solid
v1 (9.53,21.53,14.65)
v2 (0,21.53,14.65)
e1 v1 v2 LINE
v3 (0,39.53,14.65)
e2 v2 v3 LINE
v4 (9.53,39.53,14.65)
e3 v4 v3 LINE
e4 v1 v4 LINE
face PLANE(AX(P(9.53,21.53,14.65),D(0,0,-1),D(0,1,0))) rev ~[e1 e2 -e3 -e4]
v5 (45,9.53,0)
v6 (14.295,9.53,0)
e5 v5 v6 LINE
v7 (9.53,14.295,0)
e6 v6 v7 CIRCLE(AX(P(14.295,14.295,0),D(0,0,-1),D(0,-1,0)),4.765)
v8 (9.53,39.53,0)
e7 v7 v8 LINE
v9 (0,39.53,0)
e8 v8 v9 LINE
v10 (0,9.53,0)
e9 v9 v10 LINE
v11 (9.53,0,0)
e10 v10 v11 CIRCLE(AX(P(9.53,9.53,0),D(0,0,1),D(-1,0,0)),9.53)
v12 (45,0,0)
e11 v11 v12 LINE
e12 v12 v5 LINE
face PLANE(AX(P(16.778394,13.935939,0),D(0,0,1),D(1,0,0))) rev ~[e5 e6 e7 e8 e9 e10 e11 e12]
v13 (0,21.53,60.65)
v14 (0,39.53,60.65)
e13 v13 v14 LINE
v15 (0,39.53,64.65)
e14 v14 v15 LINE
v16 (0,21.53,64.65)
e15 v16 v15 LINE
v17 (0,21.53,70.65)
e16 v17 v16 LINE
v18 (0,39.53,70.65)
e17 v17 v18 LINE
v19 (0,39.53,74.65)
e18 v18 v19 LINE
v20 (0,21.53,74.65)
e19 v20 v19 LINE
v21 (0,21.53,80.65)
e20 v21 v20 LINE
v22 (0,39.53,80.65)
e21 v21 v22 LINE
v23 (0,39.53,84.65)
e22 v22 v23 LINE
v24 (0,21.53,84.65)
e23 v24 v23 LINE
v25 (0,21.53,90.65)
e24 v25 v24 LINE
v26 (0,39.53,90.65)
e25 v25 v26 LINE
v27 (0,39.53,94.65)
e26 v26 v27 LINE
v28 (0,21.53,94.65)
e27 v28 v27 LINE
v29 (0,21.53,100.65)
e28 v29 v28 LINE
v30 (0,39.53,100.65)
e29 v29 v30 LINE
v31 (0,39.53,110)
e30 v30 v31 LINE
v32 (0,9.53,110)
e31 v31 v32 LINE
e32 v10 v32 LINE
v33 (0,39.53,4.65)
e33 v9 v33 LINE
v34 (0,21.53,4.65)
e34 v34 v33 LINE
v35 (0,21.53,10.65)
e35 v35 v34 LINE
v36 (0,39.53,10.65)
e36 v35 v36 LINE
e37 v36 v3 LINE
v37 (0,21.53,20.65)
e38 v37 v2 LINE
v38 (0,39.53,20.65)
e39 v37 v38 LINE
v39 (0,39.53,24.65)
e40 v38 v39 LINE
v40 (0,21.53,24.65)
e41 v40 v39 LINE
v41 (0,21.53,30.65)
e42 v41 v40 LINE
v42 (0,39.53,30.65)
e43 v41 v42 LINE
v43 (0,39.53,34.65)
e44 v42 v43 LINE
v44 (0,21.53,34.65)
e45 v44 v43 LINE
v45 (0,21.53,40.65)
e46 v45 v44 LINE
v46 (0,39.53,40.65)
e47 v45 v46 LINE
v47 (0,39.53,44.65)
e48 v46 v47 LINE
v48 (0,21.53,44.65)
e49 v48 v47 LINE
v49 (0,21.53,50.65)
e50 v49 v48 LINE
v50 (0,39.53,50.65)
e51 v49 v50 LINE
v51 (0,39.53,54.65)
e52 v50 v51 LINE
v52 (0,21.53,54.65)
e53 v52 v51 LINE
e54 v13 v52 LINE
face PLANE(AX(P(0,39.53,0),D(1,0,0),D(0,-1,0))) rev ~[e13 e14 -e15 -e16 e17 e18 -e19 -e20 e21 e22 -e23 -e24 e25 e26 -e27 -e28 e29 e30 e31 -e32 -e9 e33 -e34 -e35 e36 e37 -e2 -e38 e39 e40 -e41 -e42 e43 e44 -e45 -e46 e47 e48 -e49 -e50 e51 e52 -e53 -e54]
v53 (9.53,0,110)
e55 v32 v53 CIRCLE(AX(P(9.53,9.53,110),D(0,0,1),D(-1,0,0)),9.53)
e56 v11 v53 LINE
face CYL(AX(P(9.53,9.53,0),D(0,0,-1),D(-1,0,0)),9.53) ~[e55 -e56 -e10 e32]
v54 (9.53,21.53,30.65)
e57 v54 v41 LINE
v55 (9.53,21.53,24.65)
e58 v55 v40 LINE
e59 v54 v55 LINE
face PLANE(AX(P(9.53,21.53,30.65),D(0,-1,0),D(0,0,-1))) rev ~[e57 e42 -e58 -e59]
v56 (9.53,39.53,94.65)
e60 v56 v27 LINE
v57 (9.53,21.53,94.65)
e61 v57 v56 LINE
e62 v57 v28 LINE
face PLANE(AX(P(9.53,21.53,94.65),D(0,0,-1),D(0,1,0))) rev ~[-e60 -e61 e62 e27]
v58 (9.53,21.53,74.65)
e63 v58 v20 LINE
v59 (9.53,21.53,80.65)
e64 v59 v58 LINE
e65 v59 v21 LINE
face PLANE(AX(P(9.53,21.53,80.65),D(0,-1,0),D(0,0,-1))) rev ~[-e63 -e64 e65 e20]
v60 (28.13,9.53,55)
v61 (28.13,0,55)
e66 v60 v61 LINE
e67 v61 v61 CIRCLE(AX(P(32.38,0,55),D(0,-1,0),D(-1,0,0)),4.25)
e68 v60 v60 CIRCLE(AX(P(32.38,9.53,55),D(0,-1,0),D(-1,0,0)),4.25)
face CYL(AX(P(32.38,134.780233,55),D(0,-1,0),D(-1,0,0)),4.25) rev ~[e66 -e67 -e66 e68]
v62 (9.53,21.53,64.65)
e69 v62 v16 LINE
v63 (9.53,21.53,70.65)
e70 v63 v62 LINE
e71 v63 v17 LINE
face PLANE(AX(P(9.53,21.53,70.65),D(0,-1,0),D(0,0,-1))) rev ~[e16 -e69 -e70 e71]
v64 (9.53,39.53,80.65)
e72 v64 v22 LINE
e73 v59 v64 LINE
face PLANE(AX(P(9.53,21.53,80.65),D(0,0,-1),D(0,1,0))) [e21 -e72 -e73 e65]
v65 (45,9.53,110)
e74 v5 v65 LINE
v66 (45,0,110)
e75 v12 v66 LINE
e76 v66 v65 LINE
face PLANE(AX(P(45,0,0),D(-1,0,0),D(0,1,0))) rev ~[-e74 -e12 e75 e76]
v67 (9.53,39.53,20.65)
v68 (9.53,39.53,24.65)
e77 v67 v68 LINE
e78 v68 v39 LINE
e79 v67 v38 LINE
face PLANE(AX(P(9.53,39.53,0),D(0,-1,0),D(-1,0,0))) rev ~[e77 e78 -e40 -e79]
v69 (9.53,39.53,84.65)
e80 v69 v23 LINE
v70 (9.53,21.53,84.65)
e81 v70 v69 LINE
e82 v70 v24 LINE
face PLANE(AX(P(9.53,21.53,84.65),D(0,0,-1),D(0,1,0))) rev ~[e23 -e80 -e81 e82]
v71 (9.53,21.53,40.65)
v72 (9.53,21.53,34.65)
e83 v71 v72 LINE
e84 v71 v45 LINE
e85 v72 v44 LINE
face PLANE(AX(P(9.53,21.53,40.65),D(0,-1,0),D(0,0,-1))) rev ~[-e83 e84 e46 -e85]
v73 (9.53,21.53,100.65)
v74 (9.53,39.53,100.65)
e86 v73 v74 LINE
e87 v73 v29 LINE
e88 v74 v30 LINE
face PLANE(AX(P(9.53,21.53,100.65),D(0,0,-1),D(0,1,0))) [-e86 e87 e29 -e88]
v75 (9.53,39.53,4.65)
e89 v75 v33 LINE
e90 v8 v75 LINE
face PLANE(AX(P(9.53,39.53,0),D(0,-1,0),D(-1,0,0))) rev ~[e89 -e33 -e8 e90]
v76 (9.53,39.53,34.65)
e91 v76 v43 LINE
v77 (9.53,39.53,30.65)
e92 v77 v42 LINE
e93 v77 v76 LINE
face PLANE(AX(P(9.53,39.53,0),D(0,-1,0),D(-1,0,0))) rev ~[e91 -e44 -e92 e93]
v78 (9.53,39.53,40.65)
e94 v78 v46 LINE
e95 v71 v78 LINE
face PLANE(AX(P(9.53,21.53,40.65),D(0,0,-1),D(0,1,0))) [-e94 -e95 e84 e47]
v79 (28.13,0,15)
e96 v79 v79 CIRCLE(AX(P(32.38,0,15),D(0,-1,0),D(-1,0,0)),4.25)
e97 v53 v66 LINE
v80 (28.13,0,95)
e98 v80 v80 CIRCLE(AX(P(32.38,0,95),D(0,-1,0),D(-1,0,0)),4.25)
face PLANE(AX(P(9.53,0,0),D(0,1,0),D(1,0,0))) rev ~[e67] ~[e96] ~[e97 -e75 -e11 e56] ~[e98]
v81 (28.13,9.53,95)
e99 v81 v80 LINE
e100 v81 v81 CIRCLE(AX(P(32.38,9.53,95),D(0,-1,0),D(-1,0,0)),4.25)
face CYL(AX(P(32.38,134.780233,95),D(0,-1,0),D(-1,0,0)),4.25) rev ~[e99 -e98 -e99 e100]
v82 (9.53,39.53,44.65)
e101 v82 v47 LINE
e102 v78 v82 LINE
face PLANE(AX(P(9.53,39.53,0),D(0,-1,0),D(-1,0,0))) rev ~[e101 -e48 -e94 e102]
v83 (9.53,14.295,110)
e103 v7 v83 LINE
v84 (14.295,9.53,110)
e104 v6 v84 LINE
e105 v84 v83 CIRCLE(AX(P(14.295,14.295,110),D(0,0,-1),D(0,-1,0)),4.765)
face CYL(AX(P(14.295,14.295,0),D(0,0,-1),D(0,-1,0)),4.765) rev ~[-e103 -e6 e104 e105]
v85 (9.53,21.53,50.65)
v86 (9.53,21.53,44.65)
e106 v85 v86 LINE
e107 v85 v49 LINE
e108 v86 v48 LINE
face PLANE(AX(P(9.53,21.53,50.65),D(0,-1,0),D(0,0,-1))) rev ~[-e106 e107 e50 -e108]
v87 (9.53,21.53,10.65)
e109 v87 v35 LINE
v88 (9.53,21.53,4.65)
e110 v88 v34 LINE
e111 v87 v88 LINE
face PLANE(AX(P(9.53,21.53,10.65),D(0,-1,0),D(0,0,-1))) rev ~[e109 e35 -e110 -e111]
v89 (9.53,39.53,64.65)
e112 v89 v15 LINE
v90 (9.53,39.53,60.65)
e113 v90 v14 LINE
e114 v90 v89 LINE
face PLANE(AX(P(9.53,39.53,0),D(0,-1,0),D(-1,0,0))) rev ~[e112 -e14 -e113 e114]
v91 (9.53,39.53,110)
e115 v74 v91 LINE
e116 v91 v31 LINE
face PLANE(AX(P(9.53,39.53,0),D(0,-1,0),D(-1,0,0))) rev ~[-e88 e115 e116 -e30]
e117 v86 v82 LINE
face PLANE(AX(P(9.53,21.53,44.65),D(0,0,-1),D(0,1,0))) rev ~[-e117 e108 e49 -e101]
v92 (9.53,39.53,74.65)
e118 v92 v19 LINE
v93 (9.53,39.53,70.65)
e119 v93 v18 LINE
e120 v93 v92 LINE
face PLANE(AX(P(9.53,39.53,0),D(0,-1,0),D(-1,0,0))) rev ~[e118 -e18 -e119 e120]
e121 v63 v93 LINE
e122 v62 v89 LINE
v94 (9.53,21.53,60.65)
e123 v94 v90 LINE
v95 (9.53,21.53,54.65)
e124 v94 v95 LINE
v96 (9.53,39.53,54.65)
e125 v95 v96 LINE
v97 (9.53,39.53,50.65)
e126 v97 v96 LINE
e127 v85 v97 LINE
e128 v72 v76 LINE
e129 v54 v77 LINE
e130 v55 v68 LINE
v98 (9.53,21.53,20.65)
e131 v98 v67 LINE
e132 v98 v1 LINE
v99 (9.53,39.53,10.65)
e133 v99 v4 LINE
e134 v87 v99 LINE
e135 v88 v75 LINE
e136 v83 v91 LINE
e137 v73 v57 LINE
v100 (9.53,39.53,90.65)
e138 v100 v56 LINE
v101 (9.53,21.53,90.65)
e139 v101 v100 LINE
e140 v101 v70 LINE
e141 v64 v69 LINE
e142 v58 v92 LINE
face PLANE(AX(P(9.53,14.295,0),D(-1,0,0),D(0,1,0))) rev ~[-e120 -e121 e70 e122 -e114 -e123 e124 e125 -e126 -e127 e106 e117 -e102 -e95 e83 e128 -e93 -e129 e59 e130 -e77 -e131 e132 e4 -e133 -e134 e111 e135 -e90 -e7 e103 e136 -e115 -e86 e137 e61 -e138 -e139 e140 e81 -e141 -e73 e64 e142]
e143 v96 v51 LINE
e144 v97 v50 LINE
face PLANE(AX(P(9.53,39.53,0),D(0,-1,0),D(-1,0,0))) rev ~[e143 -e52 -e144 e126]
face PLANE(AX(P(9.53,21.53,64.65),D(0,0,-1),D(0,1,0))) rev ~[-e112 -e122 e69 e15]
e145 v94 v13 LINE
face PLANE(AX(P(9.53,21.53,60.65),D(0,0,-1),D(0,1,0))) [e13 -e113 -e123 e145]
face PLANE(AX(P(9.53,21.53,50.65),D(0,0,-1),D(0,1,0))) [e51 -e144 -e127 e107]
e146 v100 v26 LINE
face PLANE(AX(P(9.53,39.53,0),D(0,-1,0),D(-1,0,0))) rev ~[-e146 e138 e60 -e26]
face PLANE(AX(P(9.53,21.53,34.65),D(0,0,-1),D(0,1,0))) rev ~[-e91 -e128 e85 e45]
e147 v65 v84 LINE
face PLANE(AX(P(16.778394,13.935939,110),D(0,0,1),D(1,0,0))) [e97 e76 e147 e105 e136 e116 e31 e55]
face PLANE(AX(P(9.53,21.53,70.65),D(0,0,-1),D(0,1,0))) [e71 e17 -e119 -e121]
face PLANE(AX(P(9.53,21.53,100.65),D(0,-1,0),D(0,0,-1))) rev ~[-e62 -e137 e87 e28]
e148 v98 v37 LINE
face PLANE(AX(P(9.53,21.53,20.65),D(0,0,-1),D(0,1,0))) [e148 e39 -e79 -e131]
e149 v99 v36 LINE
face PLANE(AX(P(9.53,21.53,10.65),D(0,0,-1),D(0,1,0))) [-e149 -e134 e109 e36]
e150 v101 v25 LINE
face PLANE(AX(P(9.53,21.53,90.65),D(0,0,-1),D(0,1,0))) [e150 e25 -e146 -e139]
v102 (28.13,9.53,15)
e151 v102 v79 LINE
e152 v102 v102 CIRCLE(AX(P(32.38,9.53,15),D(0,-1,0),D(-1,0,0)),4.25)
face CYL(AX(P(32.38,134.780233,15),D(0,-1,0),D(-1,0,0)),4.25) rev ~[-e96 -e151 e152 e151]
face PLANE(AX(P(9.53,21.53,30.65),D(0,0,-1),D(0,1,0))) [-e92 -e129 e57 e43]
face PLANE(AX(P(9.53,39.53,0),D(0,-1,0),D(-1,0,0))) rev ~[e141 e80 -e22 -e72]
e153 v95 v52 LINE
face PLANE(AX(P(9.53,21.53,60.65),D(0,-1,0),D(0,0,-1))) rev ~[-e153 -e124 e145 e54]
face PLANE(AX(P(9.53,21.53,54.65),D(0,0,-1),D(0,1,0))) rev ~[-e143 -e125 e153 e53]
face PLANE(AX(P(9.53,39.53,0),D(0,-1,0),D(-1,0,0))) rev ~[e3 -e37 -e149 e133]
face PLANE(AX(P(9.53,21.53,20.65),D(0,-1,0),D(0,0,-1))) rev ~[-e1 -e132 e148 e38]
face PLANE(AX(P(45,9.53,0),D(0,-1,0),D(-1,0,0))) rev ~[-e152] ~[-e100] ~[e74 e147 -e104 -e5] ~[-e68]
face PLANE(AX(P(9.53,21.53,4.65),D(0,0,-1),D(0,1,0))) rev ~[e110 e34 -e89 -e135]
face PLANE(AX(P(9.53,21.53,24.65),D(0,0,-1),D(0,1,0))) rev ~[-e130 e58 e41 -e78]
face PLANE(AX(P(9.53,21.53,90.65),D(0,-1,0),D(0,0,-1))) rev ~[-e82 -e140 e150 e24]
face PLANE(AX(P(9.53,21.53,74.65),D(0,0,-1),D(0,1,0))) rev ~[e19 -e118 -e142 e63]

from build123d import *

# Parameters (mm, degrees)
RESSALTO_EXTRUS_O1_DEPTH                  = 110
ESBO_O2_W                                 = 6
ESBO_O2_H                                 = 18
CORTE_EXTRUS_O1_DEPTH                     = 10.53
BROCA_DE_ROSQUEAR_PARA_TARRAXA_DE_M10X1_D = 8.5


with BuildPart() as part:
    # Esboço1 → Ressalto-extrusão1 (new body)
    with BuildSketch(Plane.XY):
        with BuildLine():
            Line((9.53, 0), (45, 0))
            Line((45, 0), (45, 9.53))
            Line((45, 9.53), (14.295, 9.53))
            ThreePointArc((14.295, 9.53), (10.925636188, 10.925636188), (9.53, 14.295))
            Line((9.53, 14.295), (9.53, 39.53))
            Line((9.53, 39.53), (0, 39.53))
            Line((0, 39.53), (0, 9.53))
            ThreePointArc((0, 9.53), (2.791272375, 2.791272375), (9.53, 0))
        make_face()
    extrude(amount=RESSALTO_EXTRUS_O1_DEPTH)

    # Esboço2 → Corte-extrusão1 (cut, through all)
    with BuildSketch(Plane(origin=(9.53, 0, 0), x_dir=(0, 0, -1), z_dir=(1, 0, 0))):
        with Locations((-7.65, 30.53)):
            Rectangle(ESBO_O2_W, ESBO_O2_H)
        with Locations((-97.65, 30.53)):
            Rectangle(ESBO_O2_W, ESBO_O2_H)
        with Locations((-77.65, 30.53)):
            Rectangle(ESBO_O2_W, ESBO_O2_H)
        with Locations((-67.65, 30.53)):
            Rectangle(ESBO_O2_W, ESBO_O2_H)
        with Locations((-57.65, 30.53)):
            Rectangle(ESBO_O2_W, ESBO_O2_H)
        with Locations((-47.65, 30.53)):
            Rectangle(ESBO_O2_W, ESBO_O2_H)
        with Locations((-37.65, 30.53)):
            Rectangle(ESBO_O2_W, ESBO_O2_H)
        with Locations((-27.65, 30.53)):
            Rectangle(ESBO_O2_W, ESBO_O2_H)
        with Locations((-17.65, 30.53)):
            Rectangle(ESBO_O2_W, ESBO_O2_H)
        with Locations((-87.65, 30.53)):
            Rectangle(ESBO_O2_W, ESBO_O2_H)
    extrude(amount=-CORTE_EXTRUS_O1_DEPTH, mode=Mode.SUBTRACT)

    # Broca de rosquear para tarraxa de M10x1.51 (through all)
    with Locations(Plane(origin=(32.38, 9.53, 15), x_dir=(1, 0, 0), z_dir=(0, 1, 0))):
        with Locations((0, 0), (0, -40), (0, -80)):
            Hole(BROCA_DE_ROSQUEAR_PARA_TARRAXA_DE_M10X1_D / 2)


solid = part.part
